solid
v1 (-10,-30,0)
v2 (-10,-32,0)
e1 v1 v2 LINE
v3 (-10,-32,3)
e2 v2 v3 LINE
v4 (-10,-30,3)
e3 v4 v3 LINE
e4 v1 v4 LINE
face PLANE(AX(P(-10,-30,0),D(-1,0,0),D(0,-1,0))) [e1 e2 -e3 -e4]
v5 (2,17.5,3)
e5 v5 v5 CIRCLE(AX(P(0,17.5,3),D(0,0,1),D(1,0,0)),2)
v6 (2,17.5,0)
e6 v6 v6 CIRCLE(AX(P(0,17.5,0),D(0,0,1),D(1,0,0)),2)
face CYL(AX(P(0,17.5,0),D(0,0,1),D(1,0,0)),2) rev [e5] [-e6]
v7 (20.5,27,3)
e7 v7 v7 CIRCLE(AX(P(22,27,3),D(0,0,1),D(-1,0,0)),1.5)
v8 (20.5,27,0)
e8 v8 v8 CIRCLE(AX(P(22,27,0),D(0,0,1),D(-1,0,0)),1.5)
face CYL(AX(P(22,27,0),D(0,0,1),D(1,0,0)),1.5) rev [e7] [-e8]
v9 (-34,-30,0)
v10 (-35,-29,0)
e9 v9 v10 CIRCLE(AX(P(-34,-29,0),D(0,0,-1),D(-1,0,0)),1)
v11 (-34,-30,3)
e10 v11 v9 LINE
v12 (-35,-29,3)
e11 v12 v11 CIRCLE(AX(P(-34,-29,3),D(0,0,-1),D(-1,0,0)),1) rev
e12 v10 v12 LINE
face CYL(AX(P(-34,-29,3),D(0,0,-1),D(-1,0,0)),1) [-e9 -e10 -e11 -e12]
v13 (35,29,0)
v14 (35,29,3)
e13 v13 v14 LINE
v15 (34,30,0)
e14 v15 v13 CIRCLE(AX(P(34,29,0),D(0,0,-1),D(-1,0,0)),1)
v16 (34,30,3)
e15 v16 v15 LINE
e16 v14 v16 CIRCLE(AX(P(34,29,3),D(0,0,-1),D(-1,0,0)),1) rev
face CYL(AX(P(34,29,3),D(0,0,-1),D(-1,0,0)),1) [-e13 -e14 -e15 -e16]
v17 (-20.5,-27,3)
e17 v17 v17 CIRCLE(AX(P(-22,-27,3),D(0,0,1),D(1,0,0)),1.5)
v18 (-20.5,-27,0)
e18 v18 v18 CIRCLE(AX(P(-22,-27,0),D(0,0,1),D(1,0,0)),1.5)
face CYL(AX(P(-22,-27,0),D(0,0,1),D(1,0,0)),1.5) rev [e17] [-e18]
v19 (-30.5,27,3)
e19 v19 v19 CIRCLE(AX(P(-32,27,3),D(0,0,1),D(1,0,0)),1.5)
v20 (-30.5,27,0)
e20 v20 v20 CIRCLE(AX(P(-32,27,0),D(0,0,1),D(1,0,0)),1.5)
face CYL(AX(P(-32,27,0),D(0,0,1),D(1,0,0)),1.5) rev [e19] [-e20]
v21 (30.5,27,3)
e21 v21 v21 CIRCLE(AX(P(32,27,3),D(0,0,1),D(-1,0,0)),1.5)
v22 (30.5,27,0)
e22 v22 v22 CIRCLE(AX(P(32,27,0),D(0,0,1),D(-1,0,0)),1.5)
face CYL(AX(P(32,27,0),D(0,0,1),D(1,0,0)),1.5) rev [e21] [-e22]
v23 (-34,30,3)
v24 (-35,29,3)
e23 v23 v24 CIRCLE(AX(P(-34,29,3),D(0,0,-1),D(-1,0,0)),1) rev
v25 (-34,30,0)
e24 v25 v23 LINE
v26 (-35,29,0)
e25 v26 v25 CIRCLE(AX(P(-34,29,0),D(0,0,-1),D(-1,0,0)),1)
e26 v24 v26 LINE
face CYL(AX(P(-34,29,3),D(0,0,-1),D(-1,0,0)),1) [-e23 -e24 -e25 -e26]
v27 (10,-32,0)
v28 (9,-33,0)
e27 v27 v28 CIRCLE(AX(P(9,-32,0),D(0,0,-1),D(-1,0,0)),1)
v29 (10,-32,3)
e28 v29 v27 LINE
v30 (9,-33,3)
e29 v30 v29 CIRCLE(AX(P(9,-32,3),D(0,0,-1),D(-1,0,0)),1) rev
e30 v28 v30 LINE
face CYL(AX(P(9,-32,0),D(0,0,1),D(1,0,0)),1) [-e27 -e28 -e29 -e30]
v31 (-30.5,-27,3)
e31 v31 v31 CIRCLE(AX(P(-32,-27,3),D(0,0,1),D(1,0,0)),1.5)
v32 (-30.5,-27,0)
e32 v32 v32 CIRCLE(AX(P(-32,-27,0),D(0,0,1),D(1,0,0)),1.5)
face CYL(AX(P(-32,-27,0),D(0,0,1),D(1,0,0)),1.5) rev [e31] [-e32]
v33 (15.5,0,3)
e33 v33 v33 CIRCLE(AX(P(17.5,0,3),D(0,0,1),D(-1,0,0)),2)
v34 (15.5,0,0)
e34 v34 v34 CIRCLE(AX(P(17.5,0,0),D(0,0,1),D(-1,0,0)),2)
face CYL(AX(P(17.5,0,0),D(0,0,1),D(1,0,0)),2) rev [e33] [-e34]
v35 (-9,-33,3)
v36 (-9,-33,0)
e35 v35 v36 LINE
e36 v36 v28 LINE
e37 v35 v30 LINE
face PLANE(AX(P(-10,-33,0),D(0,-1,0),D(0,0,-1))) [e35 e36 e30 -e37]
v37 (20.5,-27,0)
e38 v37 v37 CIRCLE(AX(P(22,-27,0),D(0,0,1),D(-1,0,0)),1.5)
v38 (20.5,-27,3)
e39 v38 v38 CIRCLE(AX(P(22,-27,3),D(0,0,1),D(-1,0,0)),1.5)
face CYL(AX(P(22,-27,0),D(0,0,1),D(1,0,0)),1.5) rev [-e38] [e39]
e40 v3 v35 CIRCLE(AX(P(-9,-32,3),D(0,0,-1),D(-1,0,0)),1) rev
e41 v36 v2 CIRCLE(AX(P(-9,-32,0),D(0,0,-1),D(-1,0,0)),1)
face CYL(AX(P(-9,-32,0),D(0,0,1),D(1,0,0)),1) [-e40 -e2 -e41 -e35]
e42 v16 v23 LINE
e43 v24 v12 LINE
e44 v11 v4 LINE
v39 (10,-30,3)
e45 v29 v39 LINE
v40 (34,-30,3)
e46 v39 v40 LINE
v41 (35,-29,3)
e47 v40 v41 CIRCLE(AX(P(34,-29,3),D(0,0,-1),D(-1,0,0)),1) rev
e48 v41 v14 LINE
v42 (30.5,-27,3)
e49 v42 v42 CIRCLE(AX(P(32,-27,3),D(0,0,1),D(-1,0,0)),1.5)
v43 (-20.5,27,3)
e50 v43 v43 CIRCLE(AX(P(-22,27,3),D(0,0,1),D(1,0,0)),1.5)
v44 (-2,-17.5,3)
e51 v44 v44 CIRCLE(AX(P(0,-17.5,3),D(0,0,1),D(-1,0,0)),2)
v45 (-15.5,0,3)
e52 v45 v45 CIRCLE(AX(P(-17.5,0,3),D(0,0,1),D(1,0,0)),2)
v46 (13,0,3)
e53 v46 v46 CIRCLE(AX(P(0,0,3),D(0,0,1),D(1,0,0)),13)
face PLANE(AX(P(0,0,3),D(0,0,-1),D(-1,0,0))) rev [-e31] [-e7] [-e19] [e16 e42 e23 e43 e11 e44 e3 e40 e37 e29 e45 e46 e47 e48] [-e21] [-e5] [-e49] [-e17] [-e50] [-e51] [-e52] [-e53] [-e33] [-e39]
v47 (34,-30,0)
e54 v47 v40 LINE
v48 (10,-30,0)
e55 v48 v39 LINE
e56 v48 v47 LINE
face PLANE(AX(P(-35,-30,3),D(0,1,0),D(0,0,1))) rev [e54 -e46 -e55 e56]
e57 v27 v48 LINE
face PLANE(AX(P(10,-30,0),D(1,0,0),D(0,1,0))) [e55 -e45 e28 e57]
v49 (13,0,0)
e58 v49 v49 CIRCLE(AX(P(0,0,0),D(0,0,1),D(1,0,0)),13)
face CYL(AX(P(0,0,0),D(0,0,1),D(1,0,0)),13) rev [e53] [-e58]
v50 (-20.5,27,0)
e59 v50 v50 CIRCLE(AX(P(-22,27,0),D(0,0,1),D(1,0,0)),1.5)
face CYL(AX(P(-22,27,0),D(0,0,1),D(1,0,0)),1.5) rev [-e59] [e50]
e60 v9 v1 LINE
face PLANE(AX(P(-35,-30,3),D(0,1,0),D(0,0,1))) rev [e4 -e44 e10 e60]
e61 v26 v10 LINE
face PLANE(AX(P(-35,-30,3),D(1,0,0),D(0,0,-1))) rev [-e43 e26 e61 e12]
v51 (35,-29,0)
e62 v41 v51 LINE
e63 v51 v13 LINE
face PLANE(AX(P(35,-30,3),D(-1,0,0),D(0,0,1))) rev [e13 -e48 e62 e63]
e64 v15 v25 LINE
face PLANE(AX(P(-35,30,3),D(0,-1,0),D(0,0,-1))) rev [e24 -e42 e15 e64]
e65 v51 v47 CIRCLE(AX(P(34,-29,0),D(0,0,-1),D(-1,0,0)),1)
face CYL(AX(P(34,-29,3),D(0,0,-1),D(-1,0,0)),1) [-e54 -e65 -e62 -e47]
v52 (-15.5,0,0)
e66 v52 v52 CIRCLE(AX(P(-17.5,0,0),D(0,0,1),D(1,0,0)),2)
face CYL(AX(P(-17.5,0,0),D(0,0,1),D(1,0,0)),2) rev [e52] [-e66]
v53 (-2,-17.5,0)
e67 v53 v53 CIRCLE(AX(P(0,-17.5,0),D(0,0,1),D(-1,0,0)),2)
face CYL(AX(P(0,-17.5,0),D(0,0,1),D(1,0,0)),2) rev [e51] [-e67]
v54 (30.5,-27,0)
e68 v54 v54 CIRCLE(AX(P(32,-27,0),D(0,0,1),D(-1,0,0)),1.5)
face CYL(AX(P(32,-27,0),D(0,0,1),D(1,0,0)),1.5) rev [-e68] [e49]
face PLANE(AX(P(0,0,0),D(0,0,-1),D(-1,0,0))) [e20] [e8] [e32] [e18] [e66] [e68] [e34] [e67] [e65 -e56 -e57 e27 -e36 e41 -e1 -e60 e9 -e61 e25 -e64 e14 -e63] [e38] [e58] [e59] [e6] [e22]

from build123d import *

# Parameters (mm, degrees)
SKETCH_1_W          = 70
SKETCH_1_H          = 60
EXTRUDE_1_DEPTH     = 3
SKETCH_2_R          = 13
CUT_EXTRUDE_1_DEPTH = 47.19523785
SKETCH_3_R          = 2
CUT_EXTRUDE_2_DEPTH = 47.19523785
SKETCH_4_W          = 20
SKETCH_4_H          = 3
EXTRUDE_2_DEPTH     = 3
SKETCH_5_R          = 1.5
CUT_EXTRUDE_3_DEPTH = 49.197510309
SKETCH_6_R          = 1.5
CUT_EXTRUDE_4_DEPTH = 49.197510309
FILLET_1_R          = 1


with BuildPart() as part:
    # 草图1 → 凸台-拉伸1 (new body)
    with BuildSketch(Plane.XY):
        Rectangle(SKETCH_1_W, SKETCH_1_H)
    extrude(amount=EXTRUDE_1_DEPTH)

    # 草图2 → 切除-拉伸1 (cut, through all)
    with BuildSketch(Plane.XY.offset(3)):
        Circle(SKETCH_2_R)
    extrude(amount=-CUT_EXTRUDE_1_DEPTH, mode=Mode.SUBTRACT)

    # 草图3 → 切除-拉伸2 (cut, through all)
    with BuildSketch(Plane.XY.offset(3)):
        with Locations((0, 17.5)):
            Circle(SKETCH_3_R)
        with Locations((-17.5, 0)):
            Circle(SKETCH_3_R)
        with Locations(Location((0, -17.5, 0), (0, 0, 180))):
            Circle(SKETCH_3_R)
        with Locations(Location((17.5, 0, 0), (0, 0, 180))):
            Circle(SKETCH_3_R)
    extrude(amount=-CUT_EXTRUDE_2_DEPTH, mode=Mode.SUBTRACT)

    # 草图4 → 凸台-拉伸2 (add)
    with BuildSketch(Plane.XY.offset(3)):
        with Locations((0, -31.5)):
            Rectangle(SKETCH_4_W, SKETCH_4_H)
    extrude(amount=-EXTRUDE_2_DEPTH)

    # 草图5 → 切除-拉伸3 (cut, through all)
    with BuildSketch(Plane.XY.offset(3)):
        with Locations((-32, 27)):
            Circle(SKETCH_5_R)
        with Locations((-22, 27)):
            Circle(SKETCH_5_R)
        with Locations(Location((22, 27, 0), (0, 0, 180))):
            Circle(SKETCH_5_R)
        with Locations(Location((32, 27, 0), (0, 0, 180))):
            Circle(SKETCH_5_R)
    extrude(amount=-CUT_EXTRUDE_3_DEPTH, mode=Mode.SUBTRACT)

    # 草图6 → 切除-拉伸4 (cut, through all)
    with BuildSketch(Plane.XY.offset(3)):
        with Locations((-32, -27)):
            Circle(SKETCH_6_R)
        with Locations((-22, -27)):
            Circle(SKETCH_6_R)
        with Locations(Location((22, -27, 0), (0, 0, 180))):
            Circle(SKETCH_6_R)
        with Locations(Location((32, -27, 0), (0, 0, 180))):
            Circle(SKETCH_6_R)
    extrude(amount=-CUT_EXTRUDE_4_DEPTH, mode=Mode.SUBTRACT)

    # 圆角1
    fillet_1_edges = [part.edges().sort_by_distance(p)[0] for p in [
        (-10, -33, 1.5),
        (10, -33, 1.5),
        (35, -30, 1.5),
        (-35, -30, 1.5),
        (-35, 30, 1.5),
        (35, 30, 1.5),
    ]]
    fillet(fillet_1_edges, radius=FILLET_1_R)


solid = part.part
